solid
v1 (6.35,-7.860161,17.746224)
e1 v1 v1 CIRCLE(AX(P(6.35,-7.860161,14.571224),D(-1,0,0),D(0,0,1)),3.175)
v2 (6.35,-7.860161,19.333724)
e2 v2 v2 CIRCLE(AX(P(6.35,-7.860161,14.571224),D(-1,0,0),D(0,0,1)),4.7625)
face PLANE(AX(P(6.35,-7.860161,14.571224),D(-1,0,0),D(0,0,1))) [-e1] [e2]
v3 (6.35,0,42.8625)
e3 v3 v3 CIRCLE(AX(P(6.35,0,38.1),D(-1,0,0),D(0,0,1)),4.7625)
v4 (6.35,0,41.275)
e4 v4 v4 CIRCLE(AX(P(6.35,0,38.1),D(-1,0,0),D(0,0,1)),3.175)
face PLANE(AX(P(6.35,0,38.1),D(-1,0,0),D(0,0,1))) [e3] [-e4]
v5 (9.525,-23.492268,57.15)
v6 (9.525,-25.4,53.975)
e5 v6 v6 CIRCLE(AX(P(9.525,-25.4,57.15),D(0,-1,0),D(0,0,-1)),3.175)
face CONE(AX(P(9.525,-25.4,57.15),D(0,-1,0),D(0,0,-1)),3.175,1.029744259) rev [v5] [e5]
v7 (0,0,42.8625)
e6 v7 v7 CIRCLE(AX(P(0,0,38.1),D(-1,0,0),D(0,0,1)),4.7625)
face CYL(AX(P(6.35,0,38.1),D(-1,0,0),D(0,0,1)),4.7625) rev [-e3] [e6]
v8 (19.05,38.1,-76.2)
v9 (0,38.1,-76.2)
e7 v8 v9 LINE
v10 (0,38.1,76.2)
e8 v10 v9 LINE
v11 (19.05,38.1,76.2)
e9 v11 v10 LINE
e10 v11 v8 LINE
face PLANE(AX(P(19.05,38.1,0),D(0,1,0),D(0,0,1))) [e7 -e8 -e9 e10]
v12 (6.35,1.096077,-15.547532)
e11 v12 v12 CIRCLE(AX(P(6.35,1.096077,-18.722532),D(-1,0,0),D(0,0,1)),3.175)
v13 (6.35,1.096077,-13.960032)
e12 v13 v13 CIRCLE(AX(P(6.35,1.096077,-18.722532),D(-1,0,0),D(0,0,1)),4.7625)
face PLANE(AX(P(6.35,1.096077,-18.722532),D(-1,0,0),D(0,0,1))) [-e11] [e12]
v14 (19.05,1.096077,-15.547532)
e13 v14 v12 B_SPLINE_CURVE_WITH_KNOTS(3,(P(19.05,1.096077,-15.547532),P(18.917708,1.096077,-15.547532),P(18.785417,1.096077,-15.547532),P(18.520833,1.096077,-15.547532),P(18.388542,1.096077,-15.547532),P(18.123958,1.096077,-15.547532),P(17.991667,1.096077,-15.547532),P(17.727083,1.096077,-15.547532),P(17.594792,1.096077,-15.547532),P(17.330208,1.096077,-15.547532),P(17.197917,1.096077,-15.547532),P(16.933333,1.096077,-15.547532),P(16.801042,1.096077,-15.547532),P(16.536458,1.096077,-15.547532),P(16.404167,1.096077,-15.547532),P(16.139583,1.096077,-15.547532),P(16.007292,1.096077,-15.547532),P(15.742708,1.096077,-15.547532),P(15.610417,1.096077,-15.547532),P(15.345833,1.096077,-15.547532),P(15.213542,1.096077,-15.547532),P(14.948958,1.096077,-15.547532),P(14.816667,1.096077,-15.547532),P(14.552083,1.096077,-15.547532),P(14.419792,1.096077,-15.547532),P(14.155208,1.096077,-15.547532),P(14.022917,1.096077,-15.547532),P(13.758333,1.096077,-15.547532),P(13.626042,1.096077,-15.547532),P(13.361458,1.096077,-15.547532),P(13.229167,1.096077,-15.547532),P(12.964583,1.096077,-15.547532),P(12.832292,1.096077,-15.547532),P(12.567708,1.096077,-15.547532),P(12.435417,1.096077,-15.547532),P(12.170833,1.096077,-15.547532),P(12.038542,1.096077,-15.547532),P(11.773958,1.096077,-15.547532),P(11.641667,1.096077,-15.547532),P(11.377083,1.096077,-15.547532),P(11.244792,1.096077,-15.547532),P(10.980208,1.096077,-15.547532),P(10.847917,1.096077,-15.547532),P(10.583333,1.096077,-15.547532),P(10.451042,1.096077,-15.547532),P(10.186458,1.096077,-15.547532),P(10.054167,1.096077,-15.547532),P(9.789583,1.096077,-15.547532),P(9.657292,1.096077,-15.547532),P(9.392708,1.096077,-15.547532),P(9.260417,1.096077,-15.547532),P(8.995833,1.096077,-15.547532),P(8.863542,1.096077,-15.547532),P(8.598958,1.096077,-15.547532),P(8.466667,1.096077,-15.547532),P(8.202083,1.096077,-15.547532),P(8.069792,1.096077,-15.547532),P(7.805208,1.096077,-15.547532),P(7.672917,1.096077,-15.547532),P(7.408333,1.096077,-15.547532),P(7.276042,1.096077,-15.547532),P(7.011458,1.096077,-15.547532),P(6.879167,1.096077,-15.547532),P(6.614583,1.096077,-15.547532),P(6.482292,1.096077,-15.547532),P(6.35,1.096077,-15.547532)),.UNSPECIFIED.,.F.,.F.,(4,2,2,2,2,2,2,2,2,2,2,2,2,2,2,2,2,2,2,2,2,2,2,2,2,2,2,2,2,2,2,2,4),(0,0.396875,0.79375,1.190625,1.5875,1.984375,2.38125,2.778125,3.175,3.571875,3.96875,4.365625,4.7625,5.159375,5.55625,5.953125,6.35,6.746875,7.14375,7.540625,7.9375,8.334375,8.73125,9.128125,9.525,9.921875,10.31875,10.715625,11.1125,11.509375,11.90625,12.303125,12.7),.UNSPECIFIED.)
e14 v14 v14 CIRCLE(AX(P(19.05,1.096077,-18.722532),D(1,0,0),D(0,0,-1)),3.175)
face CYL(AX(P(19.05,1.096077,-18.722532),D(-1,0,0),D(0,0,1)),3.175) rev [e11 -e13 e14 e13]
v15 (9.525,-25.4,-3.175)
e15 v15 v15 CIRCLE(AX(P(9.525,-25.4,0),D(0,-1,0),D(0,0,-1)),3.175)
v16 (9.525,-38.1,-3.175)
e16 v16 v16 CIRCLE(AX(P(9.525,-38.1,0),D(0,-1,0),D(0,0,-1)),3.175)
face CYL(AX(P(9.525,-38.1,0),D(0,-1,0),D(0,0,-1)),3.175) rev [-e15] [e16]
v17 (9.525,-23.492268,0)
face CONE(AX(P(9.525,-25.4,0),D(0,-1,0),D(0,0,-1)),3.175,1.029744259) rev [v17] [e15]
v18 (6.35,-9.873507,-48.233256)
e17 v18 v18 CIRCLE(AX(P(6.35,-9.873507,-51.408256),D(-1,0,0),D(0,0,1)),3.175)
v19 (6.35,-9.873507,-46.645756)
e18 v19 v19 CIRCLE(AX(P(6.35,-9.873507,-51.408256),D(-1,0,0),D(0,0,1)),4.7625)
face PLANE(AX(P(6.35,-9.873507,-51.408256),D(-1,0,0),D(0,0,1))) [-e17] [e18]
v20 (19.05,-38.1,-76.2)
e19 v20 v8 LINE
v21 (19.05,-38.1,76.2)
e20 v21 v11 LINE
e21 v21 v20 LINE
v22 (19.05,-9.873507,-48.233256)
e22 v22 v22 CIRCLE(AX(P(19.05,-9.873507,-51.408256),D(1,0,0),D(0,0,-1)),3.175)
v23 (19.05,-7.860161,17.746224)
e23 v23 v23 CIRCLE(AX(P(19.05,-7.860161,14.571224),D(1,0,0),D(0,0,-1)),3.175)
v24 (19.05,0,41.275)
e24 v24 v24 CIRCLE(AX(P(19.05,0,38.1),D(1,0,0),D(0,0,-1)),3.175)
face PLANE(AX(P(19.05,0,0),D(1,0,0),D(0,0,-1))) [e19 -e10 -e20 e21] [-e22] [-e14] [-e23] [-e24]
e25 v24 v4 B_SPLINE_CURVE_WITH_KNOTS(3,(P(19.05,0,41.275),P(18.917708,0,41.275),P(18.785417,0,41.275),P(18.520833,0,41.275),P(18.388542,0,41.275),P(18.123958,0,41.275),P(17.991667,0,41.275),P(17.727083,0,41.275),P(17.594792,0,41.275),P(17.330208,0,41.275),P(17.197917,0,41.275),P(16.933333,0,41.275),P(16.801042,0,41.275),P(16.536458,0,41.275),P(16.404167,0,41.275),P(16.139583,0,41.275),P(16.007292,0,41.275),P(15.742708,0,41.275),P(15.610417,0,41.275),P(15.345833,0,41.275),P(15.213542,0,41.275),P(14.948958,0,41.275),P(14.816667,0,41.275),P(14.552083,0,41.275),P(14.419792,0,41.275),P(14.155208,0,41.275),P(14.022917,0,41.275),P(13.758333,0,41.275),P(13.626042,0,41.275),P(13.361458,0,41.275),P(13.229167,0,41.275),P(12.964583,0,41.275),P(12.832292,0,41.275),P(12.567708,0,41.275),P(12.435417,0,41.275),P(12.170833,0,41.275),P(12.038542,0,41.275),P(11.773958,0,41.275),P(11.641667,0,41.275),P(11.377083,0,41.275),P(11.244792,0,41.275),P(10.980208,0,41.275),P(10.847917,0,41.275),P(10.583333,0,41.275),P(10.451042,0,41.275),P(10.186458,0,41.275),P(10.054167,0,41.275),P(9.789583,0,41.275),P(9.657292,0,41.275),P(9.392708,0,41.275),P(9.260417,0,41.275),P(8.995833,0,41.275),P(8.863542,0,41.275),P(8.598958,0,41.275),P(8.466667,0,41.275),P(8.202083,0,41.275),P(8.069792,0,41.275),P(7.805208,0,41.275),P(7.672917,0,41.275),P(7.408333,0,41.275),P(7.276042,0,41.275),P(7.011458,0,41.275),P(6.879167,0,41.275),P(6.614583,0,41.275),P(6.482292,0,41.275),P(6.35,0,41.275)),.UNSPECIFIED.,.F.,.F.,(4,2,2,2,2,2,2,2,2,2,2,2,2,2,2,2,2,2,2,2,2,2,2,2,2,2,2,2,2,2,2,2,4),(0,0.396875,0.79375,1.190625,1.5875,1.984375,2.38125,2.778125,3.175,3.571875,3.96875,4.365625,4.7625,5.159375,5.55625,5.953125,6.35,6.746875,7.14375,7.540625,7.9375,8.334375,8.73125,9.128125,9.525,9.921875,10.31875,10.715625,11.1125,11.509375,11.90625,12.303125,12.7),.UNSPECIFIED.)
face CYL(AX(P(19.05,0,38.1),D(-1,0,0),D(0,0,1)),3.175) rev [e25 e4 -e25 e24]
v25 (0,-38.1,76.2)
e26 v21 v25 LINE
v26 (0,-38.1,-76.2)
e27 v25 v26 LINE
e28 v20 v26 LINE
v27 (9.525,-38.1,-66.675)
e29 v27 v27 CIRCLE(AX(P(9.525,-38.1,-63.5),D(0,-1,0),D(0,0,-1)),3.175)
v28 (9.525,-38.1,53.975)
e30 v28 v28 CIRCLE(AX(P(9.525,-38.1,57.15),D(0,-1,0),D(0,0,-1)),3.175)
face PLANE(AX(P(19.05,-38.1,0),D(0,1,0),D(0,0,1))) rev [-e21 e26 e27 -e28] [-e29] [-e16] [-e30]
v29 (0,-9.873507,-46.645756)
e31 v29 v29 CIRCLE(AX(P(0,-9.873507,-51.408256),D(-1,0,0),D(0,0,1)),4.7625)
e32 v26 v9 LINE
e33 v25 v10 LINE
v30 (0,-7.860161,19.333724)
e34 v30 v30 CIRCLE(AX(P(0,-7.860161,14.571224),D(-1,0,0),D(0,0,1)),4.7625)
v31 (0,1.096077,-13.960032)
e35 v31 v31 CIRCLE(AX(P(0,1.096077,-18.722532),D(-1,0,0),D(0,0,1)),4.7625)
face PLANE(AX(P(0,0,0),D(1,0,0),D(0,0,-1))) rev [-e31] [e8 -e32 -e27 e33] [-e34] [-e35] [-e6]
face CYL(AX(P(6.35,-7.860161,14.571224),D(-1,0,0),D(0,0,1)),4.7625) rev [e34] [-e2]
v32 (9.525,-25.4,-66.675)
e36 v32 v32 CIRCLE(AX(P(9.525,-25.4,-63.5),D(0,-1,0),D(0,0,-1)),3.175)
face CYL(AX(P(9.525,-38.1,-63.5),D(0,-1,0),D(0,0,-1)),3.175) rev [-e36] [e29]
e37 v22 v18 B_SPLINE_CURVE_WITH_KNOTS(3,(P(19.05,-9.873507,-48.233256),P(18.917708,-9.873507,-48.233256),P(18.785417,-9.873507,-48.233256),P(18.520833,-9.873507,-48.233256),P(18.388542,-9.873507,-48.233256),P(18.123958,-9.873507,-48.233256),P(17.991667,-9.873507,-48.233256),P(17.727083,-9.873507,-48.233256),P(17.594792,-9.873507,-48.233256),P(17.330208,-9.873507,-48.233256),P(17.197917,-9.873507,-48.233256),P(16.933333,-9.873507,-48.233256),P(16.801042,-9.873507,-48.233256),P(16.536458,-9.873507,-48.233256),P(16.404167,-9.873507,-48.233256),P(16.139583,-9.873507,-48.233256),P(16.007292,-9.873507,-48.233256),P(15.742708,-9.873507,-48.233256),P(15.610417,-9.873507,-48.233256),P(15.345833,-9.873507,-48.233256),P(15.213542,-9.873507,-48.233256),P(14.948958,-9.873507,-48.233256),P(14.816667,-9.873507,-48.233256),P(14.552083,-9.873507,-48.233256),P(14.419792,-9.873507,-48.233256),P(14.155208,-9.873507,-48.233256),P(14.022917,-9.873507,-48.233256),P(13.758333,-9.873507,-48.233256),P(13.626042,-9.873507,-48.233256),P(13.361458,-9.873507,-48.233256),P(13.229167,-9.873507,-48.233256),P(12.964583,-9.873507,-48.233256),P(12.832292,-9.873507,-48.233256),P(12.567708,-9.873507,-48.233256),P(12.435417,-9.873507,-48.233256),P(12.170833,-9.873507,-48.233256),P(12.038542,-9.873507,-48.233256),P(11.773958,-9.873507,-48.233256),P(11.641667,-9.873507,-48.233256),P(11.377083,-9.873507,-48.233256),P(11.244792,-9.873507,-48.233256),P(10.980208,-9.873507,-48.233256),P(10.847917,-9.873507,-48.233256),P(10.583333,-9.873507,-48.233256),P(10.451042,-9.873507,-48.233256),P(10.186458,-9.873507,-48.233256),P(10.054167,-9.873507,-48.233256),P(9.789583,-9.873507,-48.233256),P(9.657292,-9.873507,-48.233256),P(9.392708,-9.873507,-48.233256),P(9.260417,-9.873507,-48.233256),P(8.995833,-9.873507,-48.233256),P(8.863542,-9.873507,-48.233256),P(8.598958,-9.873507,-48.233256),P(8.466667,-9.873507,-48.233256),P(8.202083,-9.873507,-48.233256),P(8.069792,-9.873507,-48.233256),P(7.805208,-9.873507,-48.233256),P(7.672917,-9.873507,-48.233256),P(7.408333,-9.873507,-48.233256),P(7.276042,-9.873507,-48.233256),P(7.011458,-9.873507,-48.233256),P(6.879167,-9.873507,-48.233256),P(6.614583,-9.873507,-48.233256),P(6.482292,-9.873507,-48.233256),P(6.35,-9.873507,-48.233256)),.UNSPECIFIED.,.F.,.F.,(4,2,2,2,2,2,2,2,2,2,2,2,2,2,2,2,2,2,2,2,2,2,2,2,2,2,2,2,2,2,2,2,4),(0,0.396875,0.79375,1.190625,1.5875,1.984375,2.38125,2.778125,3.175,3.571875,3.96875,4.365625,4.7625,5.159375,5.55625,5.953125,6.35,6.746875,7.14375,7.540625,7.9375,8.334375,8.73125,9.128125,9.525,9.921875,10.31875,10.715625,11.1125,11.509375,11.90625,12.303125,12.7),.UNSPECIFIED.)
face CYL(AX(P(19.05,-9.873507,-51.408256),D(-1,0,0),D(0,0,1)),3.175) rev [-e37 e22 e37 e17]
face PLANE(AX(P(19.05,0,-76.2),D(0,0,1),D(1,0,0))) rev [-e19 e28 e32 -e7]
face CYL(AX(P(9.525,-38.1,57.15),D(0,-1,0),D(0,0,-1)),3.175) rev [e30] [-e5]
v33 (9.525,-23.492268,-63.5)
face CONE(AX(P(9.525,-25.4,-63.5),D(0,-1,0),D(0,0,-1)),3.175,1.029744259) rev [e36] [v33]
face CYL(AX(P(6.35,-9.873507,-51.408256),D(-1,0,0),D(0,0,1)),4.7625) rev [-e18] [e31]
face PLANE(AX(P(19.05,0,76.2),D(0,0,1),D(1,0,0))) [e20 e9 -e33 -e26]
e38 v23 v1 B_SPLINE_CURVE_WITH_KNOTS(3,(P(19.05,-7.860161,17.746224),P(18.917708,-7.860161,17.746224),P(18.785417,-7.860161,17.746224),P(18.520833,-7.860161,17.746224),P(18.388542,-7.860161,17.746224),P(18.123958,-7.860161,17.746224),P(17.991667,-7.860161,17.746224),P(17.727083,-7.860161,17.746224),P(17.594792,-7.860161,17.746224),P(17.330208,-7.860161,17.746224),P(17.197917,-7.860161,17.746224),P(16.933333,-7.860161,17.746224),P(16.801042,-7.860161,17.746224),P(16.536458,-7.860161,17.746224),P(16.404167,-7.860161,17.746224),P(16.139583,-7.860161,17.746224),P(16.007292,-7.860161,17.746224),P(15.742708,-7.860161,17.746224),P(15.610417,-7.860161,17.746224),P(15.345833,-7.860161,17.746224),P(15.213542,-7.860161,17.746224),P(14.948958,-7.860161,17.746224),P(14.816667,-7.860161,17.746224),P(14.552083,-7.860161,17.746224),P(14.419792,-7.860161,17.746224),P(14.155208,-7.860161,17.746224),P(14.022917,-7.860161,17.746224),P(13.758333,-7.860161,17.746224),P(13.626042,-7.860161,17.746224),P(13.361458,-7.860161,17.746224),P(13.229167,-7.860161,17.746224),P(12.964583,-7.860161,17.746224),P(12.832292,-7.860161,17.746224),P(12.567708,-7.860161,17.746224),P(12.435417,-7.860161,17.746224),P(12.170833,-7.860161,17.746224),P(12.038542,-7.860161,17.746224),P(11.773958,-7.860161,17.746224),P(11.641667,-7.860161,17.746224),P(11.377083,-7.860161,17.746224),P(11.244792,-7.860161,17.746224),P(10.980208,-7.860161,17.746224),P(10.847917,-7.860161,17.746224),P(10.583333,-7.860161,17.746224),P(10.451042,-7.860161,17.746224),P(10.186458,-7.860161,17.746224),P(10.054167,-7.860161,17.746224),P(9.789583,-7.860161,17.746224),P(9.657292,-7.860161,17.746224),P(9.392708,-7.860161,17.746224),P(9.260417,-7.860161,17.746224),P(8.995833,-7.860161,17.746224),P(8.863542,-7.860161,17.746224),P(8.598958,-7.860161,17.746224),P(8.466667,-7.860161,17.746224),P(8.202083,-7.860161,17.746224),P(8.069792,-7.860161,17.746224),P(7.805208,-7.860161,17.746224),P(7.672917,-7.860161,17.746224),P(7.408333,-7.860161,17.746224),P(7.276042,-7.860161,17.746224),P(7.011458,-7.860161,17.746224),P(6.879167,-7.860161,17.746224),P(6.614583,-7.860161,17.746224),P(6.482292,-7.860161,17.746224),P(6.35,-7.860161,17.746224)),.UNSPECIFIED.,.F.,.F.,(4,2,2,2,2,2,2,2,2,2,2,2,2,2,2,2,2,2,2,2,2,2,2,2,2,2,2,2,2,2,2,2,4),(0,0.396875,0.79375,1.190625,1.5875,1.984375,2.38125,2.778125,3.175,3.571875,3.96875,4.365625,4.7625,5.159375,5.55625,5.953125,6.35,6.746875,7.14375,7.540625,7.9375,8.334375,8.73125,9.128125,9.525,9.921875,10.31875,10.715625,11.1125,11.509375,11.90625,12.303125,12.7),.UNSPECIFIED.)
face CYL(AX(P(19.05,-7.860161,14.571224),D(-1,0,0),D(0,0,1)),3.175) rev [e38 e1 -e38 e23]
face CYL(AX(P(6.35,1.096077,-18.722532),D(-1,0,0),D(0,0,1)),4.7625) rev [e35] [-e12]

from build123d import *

# Parameters (mm, degrees)
SKETCH1_W                       = 152.4
SKETCH1_H                       = 76.2
SKETCH1_R                       = 3.175
BOSS_EXTRUDE1_DEPTH             = 19.05
SKETCH2_R                       = 4.7625
CUT_EXTRUDE1_DEPTH              = 6.35
F_1_4_0_25_DIAMETER_HOLE1_D     = 6.35
F_1_4_0_25_DIAMETER_HOLE1_DEPTH = 12.7
F_1_4_0_25_DIAMETER_HOLE1_TIP   = 1.907732465


with BuildPart() as part:
    # Sketch1 → Boss-Extrude1 (new body)
    with BuildSketch(Plane(origin=(0, 0, 0), x_dir=(0, 0, -1), z_dir=(1, 0, 0))):
        Rectangle(SKETCH1_W, SKETCH1_H)
        with Locations((18.72253158, 1.096077429)):
            Circle(SKETCH1_R, mode=Mode.SUBTRACT)
        with Locations((-38.1, 0)):
            Circle(SKETCH1_R, mode=Mode.SUBTRACT)
        with Locations((-14.571224015, -7.860160654)):
            Circle(SKETCH1_R, mode=Mode.SUBTRACT)
        with Locations((51.408255992, -9.873506971)):
            Circle(SKETCH1_R, mode=Mode.SUBTRACT)
    extrude(amount=BOSS_EXTRUDE1_DEPTH)

    # Sketch2 → Cut-Extrude1 (cut)
    with BuildSketch(Plane.ZY):
        with Locations((38.1, 0)):
            Circle(SKETCH2_R)
        with Locations((14.571224015, -7.860160654)):
            Circle(SKETCH2_R)
        with Locations((-18.72253158, 1.096077429)):
            Circle(SKETCH2_R)
        with Locations((-51.408255992, -9.873506971)):
            Circle(SKETCH2_R)
    extrude(amount=-CUT_EXTRUDE1_DEPTH, mode=Mode.SUBTRACT)

    # 1/4 (0.25) Diameter Hole1
    with Locations(Plane.XZ.offset(38.1)):
        with Locations((9.525, -63.5), (9.525, 0), (9.525, 57.15)):
            Hole(F_1_4_0_25_DIAMETER_HOLE1_D / 2, depth=F_1_4_0_25_DIAMETER_HOLE1_DEPTH)
            with Locations((0, 0, -(F_1_4_0_25_DIAMETER_HOLE1_DEPTH + F_1_4_0_25_DIAMETER_HOLE1_TIP / 2))):  # 118° drill point
                Cone(0, F_1_4_0_25_DIAMETER_HOLE1_D / 2, F_1_4_0_25_DIAMETER_HOLE1_TIP, mode=Mode.SUBTRACT)


solid = part.part
